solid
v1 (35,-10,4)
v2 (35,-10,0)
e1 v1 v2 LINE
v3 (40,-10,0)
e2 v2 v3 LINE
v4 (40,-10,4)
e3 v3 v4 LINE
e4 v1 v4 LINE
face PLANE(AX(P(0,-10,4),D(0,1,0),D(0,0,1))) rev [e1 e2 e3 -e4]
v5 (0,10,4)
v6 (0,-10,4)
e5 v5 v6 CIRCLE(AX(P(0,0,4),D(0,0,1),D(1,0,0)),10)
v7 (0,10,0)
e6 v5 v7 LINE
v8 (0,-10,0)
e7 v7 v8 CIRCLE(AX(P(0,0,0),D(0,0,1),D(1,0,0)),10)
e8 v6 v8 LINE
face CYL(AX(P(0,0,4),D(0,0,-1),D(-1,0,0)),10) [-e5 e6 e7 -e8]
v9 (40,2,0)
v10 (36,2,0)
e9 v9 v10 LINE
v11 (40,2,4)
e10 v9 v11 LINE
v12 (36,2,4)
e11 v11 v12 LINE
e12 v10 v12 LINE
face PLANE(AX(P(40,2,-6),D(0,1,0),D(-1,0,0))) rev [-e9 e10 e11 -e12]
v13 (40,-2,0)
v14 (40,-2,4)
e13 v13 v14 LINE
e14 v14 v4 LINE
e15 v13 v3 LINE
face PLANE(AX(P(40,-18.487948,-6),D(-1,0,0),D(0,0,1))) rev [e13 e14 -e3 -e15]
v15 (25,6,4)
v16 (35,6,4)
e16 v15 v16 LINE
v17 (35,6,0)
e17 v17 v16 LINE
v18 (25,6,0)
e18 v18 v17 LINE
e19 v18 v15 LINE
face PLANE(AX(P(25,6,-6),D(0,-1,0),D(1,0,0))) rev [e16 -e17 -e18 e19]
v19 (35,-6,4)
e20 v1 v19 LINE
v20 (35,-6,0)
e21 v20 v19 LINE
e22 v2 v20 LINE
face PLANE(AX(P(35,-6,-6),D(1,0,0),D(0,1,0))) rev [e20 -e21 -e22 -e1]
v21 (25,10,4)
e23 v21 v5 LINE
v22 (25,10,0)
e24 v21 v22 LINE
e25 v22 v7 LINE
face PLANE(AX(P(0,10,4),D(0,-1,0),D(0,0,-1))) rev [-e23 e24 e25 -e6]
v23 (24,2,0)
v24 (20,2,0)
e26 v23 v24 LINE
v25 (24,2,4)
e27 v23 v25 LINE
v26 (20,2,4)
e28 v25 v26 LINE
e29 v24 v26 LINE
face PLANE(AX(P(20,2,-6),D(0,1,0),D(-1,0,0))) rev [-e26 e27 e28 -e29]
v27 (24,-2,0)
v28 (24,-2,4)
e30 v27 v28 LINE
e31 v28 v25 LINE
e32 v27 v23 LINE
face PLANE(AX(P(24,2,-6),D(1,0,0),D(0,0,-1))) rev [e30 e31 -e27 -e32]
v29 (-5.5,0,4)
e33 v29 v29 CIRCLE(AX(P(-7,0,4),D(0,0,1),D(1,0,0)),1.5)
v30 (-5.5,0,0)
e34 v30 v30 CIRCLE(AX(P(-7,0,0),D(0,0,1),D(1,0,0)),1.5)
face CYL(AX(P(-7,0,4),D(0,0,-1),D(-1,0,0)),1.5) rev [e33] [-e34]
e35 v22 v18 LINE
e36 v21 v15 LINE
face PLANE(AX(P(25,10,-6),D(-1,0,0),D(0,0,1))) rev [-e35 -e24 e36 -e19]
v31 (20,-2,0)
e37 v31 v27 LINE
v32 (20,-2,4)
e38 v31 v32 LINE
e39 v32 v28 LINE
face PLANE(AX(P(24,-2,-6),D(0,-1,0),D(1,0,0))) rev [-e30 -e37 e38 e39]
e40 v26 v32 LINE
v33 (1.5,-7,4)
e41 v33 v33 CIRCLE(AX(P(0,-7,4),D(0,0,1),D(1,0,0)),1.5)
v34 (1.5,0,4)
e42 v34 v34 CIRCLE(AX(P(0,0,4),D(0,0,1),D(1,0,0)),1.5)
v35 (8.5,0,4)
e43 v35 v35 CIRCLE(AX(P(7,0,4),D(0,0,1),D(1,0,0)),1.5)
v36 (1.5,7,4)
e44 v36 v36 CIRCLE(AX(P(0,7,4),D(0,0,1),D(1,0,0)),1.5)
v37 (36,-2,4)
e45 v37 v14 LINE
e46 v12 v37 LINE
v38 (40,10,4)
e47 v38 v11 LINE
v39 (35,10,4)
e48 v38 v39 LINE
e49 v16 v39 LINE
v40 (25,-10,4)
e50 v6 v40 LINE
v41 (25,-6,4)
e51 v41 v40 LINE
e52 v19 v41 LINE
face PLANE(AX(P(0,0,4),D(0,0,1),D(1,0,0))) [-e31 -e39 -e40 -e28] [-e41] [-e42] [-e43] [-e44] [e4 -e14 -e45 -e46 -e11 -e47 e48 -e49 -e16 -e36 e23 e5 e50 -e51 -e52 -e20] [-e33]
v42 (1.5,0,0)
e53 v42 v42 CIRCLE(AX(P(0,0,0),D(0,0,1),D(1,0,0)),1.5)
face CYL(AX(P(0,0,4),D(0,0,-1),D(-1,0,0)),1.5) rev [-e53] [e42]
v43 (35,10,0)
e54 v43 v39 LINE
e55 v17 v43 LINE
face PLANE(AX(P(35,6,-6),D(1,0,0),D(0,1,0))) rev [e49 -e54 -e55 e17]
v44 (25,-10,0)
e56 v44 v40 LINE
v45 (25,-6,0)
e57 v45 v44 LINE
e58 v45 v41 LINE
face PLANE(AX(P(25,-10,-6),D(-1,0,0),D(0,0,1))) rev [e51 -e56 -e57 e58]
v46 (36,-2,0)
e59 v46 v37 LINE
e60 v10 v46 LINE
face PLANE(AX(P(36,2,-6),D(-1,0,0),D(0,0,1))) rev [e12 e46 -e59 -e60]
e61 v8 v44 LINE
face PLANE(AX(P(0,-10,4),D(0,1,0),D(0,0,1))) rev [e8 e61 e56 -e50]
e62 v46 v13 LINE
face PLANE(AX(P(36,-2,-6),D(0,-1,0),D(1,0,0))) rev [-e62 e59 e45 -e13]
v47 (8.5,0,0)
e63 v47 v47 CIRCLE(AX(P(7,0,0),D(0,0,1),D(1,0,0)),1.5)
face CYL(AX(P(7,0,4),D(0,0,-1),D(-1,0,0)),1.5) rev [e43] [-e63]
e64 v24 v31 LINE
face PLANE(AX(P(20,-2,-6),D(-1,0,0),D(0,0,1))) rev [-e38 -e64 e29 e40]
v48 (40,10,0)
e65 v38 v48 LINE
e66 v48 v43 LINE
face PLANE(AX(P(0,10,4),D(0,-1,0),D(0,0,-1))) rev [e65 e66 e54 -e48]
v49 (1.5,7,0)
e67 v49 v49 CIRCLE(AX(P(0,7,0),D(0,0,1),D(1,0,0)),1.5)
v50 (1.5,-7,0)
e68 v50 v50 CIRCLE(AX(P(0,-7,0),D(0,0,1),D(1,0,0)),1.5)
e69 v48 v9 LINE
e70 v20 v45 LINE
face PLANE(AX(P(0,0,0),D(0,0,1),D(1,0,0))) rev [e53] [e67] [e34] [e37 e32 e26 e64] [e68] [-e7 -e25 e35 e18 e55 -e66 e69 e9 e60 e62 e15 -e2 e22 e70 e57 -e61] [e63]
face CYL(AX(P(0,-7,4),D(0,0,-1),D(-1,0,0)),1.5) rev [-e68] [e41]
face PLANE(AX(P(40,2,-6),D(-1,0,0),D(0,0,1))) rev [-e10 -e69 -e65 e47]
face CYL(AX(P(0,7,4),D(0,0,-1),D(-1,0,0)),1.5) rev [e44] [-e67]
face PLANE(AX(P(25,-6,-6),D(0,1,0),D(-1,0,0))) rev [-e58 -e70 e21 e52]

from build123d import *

# Parameters (mm, degrees)
SKETCH_1_R          = 1
SKETCH_1_R_2        = 1.5
EXTRUDE_1_DEPTH     = 4
SKETCH_2_W          = 10
SKETCH_2_H          = 4
SKETCH_2_W_2        = 4
CUT_EXTRUDE_3_DEPTH = 10


with BuildPart() as part:
    # Эскиз1 → Бобышка-Вытянуть1 (new body)
    with BuildSketch(Plane.XY):
        with BuildLine():
            Line((47, -12.5), (55, -12.5))
            Line((55, -12.5), (55, 12.5))
            Line((55, 12.5), (47, 12.5))
            Line((47, 12.5), (47, 10))
            Line((47, 10), (0, 10))
            ThreePointArc((0, 10), (-10, 0), (0, -10))
            Line((0, -10), (47, -10))
            Line((47, -10), (47, -12.5))
        make_face()
        with Locations((49, 10.5)):
            Circle(SKETCH_1_R, mode=Mode.SUBTRACT)
        with Locations(Location((49, -10.5, 0), (0, 0, 180))):
            Circle(SKETCH_1_R, mode=Mode.SUBTRACT)
        Circle(SKETCH_1_R_2, mode=Mode.SUBTRACT)
        with Locations((0, 7)):
            Circle(SKETCH_1_R_2, mode=Mode.SUBTRACT)
        with Locations((7, 0)):
            Circle(SKETCH_1_R_2, mode=Mode.SUBTRACT)
        with Locations((0, -7)):
            Circle(SKETCH_1_R_2, mode=Mode.SUBTRACT)
        with Locations((-7, 0)):
            Circle(SKETCH_1_R_2, mode=Mode.SUBTRACT)
    extrude(amount=EXTRUDE_1_DEPTH)

    # Эскиз2 → Вырез-Вытянуть3 (cut)
    with BuildSketch(Plane.XY.offset(4)):
        with Locations((30, 8)):
            Rectangle(SKETCH_2_W, SKETCH_2_H)
        with Locations((30, -8)):
            Rectangle(SKETCH_2_W, SKETCH_2_H)
        with Locations((22, 0)):
            Rectangle(SKETCH_2_W_2, SKETCH_2_H)
        Polygon((36, -2), (40, -2), (40, -18.487947924), (59.066234822, -18.487947924), (59.066234822, 17.495643995), (40, 17.495643995), (40, 2), (36, 2), align=None)
    extrude(amount=-CUT_EXTRUDE_3_DEPTH, mode=Mode.SUBTRACT)


solid = part.part
